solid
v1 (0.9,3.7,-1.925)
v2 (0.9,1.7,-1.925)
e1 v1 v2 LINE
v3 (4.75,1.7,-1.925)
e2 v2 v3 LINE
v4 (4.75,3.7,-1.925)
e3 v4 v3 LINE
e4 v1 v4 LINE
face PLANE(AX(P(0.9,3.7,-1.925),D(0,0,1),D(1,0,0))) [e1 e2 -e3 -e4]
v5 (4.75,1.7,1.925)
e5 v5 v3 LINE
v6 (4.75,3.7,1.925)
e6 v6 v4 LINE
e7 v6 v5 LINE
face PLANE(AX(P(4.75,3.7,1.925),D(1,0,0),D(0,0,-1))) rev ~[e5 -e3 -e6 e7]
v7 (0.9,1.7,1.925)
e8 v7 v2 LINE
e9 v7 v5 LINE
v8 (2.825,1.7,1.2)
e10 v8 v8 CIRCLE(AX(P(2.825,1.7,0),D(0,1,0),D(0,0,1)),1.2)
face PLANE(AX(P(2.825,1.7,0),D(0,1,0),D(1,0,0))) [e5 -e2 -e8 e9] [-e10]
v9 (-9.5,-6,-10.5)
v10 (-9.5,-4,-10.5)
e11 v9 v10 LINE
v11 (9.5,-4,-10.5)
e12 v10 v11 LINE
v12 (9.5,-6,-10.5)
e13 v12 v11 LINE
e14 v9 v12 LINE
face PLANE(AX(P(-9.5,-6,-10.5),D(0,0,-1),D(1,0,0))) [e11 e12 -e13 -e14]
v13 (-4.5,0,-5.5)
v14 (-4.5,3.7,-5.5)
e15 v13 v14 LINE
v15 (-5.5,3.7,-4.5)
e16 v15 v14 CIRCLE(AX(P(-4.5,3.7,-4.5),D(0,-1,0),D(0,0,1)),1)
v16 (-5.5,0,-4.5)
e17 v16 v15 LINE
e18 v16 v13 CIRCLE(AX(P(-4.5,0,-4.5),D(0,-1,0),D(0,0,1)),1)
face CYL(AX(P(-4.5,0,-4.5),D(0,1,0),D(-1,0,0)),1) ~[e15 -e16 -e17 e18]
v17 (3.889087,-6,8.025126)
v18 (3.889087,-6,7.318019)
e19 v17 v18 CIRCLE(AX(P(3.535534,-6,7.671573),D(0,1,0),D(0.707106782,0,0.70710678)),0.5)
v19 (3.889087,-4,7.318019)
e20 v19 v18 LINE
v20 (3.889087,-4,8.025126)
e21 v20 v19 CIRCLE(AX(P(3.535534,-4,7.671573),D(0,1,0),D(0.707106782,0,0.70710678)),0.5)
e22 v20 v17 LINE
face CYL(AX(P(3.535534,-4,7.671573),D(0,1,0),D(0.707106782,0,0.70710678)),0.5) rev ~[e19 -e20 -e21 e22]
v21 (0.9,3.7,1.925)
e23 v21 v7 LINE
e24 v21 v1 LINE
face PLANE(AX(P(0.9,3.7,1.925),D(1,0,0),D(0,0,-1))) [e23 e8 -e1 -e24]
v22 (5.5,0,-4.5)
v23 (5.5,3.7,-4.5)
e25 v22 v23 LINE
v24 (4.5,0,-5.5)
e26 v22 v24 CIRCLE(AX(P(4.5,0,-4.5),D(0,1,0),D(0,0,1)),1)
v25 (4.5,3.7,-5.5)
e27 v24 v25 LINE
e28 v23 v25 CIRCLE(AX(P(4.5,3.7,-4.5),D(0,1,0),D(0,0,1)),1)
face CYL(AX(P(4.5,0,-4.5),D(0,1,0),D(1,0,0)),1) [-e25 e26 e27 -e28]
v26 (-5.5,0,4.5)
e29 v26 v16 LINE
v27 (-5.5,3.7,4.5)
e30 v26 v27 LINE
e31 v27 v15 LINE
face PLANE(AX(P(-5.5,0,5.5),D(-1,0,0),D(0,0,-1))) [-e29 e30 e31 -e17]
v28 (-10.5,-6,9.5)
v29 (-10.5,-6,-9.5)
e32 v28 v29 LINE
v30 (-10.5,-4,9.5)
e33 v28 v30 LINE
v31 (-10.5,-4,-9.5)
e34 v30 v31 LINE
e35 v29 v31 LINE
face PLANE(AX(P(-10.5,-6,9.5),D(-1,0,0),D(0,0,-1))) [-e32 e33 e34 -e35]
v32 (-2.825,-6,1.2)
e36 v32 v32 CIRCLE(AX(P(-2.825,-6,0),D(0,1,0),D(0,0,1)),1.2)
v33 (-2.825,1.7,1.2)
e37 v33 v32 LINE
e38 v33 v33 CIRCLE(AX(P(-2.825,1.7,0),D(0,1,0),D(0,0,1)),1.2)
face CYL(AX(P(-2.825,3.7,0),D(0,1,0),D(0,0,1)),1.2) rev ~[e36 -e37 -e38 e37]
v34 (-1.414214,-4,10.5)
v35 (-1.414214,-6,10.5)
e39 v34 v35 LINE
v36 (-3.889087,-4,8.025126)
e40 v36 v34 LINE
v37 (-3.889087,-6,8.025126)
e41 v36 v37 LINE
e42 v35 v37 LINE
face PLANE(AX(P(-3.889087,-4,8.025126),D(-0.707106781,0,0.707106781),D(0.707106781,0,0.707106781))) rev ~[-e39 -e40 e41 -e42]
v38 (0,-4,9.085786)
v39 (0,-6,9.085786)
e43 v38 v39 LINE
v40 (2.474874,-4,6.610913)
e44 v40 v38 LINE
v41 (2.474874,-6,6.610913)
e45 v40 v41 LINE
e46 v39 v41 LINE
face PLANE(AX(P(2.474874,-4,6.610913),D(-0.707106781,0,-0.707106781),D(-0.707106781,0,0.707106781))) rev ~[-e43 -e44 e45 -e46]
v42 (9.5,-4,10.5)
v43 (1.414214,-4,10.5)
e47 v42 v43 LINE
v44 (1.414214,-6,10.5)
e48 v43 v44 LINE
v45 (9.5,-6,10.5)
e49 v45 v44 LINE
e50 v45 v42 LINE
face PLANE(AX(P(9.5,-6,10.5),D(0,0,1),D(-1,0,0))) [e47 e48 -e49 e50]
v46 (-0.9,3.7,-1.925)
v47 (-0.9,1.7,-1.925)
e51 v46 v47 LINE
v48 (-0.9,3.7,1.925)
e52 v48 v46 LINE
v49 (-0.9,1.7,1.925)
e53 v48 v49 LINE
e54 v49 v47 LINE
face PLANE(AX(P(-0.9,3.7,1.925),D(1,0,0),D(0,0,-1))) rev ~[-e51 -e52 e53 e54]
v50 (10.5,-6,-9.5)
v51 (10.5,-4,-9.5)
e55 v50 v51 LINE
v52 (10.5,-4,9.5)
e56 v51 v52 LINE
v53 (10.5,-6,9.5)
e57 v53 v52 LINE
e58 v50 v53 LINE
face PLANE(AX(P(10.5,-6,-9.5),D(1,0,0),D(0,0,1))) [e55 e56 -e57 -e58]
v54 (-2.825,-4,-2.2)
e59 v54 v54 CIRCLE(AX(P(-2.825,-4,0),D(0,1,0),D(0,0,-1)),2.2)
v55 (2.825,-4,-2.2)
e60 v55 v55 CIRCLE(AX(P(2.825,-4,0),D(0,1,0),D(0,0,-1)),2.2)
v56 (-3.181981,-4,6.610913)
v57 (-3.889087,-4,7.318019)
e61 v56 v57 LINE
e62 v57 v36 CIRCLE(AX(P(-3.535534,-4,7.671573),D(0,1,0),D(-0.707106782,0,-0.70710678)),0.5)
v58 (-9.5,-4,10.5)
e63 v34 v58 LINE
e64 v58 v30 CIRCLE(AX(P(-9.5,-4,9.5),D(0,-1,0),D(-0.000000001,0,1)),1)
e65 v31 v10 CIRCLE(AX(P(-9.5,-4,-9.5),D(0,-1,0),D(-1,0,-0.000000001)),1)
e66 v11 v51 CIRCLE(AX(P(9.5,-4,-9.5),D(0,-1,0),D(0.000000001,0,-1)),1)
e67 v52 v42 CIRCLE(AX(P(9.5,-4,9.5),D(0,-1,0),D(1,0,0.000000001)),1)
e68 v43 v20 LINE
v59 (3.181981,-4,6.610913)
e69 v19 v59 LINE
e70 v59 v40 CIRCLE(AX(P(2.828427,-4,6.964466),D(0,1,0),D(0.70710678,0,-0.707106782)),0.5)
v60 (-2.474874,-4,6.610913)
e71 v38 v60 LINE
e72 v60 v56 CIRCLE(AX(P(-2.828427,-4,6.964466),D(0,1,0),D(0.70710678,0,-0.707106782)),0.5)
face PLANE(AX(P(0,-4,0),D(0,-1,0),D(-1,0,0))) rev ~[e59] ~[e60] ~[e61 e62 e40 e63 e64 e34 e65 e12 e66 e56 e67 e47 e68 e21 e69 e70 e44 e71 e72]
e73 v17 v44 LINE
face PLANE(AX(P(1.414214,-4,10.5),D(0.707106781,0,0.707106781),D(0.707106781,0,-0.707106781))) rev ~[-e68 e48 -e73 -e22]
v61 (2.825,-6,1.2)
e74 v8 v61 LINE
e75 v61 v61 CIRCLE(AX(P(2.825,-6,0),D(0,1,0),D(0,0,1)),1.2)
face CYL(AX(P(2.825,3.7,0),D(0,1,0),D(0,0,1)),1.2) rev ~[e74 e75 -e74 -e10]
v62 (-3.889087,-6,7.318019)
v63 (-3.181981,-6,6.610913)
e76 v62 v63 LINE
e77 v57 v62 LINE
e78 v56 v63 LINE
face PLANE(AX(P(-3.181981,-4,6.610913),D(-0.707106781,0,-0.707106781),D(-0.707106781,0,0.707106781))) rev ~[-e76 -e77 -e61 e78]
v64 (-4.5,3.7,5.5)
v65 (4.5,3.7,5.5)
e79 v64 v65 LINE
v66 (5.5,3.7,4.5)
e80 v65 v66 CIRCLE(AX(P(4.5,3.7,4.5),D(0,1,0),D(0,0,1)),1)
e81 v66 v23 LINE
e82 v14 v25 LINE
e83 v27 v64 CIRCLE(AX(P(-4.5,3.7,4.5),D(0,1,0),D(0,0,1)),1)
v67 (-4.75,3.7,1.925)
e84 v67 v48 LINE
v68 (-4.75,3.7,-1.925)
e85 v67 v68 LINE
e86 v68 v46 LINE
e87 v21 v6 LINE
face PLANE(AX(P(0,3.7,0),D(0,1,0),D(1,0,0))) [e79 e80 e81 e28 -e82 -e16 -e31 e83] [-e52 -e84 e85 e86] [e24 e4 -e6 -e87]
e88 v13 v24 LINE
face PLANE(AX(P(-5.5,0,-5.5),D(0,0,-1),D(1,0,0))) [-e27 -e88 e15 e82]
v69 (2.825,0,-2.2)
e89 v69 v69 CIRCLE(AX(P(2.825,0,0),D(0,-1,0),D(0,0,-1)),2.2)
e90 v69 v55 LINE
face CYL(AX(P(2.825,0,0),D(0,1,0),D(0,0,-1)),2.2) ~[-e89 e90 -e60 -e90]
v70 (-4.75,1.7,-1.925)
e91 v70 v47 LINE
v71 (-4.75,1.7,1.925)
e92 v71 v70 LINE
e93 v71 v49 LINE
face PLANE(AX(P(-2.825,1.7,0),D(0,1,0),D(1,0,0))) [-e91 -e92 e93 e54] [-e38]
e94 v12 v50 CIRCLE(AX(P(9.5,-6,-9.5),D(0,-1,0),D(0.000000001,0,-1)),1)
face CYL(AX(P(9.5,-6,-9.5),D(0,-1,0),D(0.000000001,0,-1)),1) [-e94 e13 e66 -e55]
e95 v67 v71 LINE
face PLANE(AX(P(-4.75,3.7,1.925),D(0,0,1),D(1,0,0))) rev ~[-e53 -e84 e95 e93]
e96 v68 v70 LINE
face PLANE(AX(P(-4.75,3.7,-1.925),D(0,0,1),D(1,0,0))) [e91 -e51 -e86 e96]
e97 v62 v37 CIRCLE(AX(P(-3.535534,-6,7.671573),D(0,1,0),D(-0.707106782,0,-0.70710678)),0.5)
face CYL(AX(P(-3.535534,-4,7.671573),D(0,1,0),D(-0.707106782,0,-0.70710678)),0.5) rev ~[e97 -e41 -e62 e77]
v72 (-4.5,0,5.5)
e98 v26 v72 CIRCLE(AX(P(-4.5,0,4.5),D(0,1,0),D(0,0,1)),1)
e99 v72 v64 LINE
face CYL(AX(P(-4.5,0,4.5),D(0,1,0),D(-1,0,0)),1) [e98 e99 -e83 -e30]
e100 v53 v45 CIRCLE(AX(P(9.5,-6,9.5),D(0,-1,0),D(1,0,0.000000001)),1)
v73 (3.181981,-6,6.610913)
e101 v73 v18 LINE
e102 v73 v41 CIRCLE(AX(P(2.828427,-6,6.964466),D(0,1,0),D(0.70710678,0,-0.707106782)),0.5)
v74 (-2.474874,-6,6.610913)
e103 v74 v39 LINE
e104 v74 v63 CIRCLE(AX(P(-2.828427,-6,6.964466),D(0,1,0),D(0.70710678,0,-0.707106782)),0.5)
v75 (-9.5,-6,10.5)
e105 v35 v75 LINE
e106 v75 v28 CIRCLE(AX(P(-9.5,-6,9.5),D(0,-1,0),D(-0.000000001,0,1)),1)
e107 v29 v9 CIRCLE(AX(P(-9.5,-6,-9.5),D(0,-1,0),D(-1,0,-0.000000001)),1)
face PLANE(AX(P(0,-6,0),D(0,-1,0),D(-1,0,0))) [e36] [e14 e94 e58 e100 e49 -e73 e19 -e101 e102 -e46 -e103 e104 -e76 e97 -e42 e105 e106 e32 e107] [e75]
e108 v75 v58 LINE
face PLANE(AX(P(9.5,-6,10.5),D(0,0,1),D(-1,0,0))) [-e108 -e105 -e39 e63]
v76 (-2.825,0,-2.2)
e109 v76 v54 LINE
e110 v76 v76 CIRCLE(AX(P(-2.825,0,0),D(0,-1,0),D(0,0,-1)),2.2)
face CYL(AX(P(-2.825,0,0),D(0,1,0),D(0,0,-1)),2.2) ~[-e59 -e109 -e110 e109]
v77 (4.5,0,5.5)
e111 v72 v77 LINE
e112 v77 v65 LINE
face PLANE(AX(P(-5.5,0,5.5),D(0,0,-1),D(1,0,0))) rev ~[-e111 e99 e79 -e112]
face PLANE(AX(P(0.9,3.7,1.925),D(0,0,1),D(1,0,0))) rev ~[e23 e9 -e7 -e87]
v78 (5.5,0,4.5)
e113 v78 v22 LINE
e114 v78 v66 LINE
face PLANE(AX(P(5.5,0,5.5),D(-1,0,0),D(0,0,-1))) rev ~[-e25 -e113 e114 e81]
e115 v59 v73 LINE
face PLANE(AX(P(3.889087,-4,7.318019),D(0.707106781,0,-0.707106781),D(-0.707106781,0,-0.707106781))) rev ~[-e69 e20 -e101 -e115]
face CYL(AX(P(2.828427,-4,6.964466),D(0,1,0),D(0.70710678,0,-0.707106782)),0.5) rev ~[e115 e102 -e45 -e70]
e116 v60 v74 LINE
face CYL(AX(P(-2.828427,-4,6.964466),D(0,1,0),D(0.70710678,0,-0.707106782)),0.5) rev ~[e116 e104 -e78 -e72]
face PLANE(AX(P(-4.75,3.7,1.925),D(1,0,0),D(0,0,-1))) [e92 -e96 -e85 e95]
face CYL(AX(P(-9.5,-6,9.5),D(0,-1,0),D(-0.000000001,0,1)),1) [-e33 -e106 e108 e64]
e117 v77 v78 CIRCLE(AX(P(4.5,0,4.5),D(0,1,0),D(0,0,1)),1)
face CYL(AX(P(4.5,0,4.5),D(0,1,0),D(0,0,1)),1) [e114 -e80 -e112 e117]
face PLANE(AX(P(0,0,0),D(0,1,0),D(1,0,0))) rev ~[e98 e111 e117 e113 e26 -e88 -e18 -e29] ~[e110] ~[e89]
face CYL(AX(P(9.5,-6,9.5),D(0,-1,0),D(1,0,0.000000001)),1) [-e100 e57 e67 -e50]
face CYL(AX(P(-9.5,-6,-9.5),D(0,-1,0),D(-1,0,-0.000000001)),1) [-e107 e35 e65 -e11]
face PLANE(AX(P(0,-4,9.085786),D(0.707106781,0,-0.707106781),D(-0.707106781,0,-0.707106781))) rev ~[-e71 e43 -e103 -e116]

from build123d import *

# Parameters (mm, degrees)
SKETCH1_W           = 11
SKETCH1_H           = 11
BOSS_EXTRUDE1_DEPTH = 3.7
FILLET1_R           = 1
SKETCH2_W           = 3.85
SKETCH2_H           = 3.85
CUT_EXTRUDE1_DEPTH  = 2
SKETCH4_R           = 2.2
BOSS_EXTRUDE2_DEPTH = 6
BOSS_EXTRUDE3_DEPTH = 2
SKETCH3_R           = 1.2
CUT_EXTRUDE2_DEPTH  = 18.736685147
CUT_EXTRUDE3_DEPTH  = 17.726924403


with BuildPart() as part:
    # Sketch1 → Boss-Extrude1 (new body)
    with BuildSketch(Plane(origin=(0, 0, 0), x_dir=(1, 0, 0), z_dir=(0, 1, 0))):
        Rectangle(SKETCH1_W, SKETCH1_H)
    extrude(amount=BOSS_EXTRUDE1_DEPTH)

    # Fillet1
    fillet1_edges = [part.edges().sort_by_distance(p)[0] for p in [
        (5.5, 1.85, 5.5),
        (-5.5, 1.85, 5.5),
        (-5.5, 1.85, -5.5),
        (5.5, 1.85, -5.5),
    ]]
    fillet(fillet1_edges, radius=FILLET1_R)

    # Sketch2 → Cut-Extrude1 (cut)
    with BuildSketch(Plane(origin=(0, 3.7, 0), x_dir=(1, 0, 0), z_dir=(0, 1, 0))):
        with Locations((-2.825, 0)):
            Rectangle(SKETCH2_W, SKETCH2_H)
        with Locations((2.825, 0)):
            Rectangle(SKETCH2_W, SKETCH2_H)
    extrude(amount=-CUT_EXTRUDE1_DEPTH, mode=Mode.SUBTRACT)

    # Sketch4 → Boss-Extrude2 (add)
    with BuildSketch(Plane(origin=(0, 0, 0), x_dir=(-1, 0, 0), z_dir=(0, -1, 0))):
        with Locations(Location((2.825, 0, 0), (0, 0, 90))):
            Circle(SKETCH4_R)
        with Locations(Location((-2.825, 0, 0), (0, 0, 90))):
            Circle(SKETCH4_R)
    extrude(amount=BOSS_EXTRUDE2_DEPTH)

    # Sketch5 → Boss-Extrude3 (add)
    with BuildSketch(Plane(origin=(0, -6, 0), x_dir=(-1, 0, 0), z_dir=(0, -1, 0))):
        with BuildLine():
            Line((9.5, 10.5), (-9.5, 10.5))
            ThreePointArc((-9.5, 10.5), (-10.207106781, 10.207106781), (-10.5, 9.5))
            Line((-10.5, 9.5), (-10.5, -9.5))
            ThreePointArc((-10.5, -9.5), (-10.207106781, -10.207106781), (-9.5, -10.5))
            Line((-9.5, -10.5), (9.5, -10.5))
            ThreePointArc((9.5, -10.5), (10.207106781, -10.207106781), (10.5, -9.5))
            Line((10.5, -9.5), (10.5, 9.5))
            ThreePointArc((10.5, 9.5), (10.207106781, 10.207106781), (9.5, 10.5))
        make_face()
    extrude(amount=-BOSS_EXTRUDE3_DEPTH)

    # Sketch3 → Cut-Extrude2 (cut, through all)
    with BuildSketch(Plane(origin=(0, 3.7, 0), x_dir=(1, 0, 0), z_dir=(0, 1, 0))):
        with Locations(Location((-2.825, 0, 0), (0, 0, 270))):
            Circle(SKETCH3_R)
        with Locations(Location((2.825, 0, 0), (0, 0, 270))):
            Circle(SKETCH3_R)
    extrude(amount=-CUT_EXTRUDE2_DEPTH, mode=Mode.SUBTRACT)

    # Sketch7 → Cut-Extrude3 (cut, through all)
    with BuildSketch(Plane(origin=(0, -4, 0), x_dir=(1, 0, 0), z_dir=(0, 1, 0))):
        with BuildLine():
            Line((0, -9.085786438), (1.414213562, -10.5))
            Line((1.414213562, -10.5), (3.889087297, -8.025126266))
            ThreePointArc((3.889087297, -8.025126266), (4.035533906, -7.671572875), (3.889087297, -7.318019485))
            Line((3.889087297, -7.318019485), (3.181980515, -6.610912703))
            ThreePointArc((3.181980515, -6.610912703), (2.828427125, -6.464466094), (2.474873734, -6.610912703))
            Line((2.474873734, -6.610912703), (0, -9.085786438))
        make_face()
        with BuildLine():
            Line((-3.889087297, -8.025126266), (-1.414213562, -10.5))
            Line((-1.414213562, -10.5), (0, -9.085786438))
            Line((0, -9.085786438), (-2.474873734, -6.610912703))
            ThreePointArc((-2.474873734, -6.610912703), (-2.828427125, -6.464466094), (-3.181980515, -6.610912703))
            Line((-3.181980515, -6.610912703), (-3.889087297, -7.318019485))
            ThreePointArc((-3.889087297, -7.318019485), (-4.035533906, -7.671572875), (-3.889087297, -8.025126266))
        make_face()
        Polygon((-1.414213562, -10.5), (1.414213562, -10.5), (0, -9.085786438), align=None)
    extrude(amount=-CUT_EXTRUDE3_DEPTH, mode=Mode.SUBTRACT)


solid = part.part
